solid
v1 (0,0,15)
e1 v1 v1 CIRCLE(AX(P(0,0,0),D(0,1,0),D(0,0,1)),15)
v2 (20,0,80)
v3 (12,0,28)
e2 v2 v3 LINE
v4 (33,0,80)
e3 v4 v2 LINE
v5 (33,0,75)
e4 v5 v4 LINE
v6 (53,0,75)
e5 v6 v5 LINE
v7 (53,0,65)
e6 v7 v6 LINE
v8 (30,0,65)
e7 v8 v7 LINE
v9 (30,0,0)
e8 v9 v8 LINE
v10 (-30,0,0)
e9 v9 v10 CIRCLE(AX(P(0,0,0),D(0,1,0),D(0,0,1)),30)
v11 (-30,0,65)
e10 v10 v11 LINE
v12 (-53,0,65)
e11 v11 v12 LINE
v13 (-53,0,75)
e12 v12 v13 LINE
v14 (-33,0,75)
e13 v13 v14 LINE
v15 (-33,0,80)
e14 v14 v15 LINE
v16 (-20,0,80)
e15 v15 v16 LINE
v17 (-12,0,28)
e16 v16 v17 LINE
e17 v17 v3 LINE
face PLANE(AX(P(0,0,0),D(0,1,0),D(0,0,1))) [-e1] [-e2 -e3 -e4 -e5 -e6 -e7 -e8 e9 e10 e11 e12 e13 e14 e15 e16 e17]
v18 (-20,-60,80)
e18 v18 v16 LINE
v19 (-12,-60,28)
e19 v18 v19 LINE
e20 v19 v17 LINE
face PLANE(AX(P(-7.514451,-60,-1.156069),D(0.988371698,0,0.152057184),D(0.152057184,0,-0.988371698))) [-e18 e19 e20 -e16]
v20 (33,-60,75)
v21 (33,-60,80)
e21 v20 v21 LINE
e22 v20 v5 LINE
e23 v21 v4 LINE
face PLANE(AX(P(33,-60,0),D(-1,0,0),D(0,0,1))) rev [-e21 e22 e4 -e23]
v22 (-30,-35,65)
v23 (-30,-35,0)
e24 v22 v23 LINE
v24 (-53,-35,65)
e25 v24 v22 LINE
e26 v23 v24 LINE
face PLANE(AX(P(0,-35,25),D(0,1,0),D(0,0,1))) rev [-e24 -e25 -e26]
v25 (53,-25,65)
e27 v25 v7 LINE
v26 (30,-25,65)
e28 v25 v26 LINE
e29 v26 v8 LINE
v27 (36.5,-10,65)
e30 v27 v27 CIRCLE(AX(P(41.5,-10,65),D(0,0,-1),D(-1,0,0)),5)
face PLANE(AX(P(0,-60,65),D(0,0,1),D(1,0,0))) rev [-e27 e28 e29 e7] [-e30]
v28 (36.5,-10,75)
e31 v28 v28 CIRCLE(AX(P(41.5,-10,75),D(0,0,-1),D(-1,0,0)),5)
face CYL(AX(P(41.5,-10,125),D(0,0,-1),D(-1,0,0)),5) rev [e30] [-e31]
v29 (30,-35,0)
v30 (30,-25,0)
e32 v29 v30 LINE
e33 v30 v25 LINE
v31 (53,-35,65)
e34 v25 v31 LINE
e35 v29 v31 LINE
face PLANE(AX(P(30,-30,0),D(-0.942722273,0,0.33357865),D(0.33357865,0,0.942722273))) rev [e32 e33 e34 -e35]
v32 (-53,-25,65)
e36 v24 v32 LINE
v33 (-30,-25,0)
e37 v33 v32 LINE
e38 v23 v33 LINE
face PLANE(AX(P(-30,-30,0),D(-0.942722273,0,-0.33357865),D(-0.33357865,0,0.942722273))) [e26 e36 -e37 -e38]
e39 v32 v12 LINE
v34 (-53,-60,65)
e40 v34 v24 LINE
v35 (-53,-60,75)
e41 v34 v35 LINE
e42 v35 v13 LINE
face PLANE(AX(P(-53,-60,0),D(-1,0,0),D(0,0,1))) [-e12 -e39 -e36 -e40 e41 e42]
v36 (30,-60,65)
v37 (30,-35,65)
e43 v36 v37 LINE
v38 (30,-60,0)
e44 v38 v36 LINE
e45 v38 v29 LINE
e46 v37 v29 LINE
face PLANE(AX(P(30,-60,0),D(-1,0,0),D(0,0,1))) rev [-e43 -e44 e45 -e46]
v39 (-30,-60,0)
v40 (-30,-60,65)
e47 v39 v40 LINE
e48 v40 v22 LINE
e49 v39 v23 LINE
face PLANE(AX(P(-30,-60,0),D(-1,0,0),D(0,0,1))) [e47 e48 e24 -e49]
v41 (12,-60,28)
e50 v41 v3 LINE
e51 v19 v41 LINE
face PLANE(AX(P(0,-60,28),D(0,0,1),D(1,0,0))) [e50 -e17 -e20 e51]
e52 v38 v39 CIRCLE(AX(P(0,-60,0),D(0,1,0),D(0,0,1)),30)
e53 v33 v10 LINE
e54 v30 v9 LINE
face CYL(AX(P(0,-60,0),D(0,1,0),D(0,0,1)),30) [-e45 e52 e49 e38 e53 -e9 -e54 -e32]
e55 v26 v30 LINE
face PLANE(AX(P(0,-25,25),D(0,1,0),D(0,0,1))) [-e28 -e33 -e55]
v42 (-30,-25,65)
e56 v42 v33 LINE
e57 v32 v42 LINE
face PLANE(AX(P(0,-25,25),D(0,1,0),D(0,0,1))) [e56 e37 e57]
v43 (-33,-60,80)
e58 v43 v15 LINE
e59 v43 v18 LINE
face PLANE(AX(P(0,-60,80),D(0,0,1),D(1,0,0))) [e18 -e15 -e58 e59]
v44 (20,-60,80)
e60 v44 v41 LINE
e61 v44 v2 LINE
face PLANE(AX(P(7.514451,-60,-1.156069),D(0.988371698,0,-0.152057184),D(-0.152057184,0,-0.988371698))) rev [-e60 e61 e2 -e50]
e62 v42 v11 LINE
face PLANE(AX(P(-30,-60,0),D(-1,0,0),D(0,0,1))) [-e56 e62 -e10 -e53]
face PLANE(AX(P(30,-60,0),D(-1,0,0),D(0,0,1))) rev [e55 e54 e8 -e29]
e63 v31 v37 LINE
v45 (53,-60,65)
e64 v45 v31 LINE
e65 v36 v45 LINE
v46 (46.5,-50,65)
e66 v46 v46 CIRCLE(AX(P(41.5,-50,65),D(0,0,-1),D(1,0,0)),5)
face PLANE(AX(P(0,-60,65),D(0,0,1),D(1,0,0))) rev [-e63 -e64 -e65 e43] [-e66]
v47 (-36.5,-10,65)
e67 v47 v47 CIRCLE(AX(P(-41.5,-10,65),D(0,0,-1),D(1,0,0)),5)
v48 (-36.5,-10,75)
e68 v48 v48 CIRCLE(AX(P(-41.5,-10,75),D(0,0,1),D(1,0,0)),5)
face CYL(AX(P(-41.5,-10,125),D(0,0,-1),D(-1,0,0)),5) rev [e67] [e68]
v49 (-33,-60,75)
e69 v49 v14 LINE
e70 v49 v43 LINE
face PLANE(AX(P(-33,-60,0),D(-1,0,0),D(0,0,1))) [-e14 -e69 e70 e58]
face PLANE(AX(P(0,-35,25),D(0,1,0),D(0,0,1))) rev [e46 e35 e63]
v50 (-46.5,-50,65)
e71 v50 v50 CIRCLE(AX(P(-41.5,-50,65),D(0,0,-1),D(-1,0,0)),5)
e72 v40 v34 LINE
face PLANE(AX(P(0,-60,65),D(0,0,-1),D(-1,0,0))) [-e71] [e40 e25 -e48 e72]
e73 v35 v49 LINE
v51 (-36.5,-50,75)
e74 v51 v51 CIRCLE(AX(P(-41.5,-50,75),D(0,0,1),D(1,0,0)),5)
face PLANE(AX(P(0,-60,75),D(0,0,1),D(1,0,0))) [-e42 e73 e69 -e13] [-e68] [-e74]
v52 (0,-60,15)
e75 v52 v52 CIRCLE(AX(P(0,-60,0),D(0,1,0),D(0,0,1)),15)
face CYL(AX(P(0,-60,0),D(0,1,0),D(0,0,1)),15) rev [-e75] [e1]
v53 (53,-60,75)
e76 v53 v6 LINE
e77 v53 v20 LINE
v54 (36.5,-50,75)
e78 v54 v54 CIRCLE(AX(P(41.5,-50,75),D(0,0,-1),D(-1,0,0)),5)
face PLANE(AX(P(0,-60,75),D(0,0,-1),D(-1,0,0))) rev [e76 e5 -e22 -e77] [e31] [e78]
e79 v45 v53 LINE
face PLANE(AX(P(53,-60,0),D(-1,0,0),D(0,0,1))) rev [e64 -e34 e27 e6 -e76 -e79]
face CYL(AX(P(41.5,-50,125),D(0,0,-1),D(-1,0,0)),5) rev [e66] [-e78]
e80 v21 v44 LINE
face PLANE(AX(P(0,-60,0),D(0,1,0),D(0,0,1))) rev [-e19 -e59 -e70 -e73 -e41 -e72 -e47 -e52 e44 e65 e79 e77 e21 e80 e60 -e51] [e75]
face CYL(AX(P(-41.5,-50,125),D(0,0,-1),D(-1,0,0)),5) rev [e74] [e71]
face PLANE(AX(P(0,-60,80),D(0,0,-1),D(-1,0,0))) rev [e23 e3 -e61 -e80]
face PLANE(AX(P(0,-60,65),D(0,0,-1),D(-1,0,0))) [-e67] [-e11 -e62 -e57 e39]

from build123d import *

# Parameters (mm, degrees)
SKETCH2_R           = 15
BOSS_EXTRUDE1_DEPTH = 60
SKETCH3_R           = 5
CUT_EXTRUDE1_DEPTH  = 60
RIB1_REACH          = 102.544
SKETCH7_WALL_W      = 272.036302532
SKETCH7_WALL_H      = 10


with BuildPart() as part:
    # Sketch2 → Boss-Extrude1 (new body)
    with BuildSketch(Plane(origin=(0, 0, 0), x_dir=(1, 0, 0), z_dir=(0, 1, 0))):
        with BuildLine():
            Line((30, 0), (30, -65))
            Line((30, -65), (53, -65))
            Line((53, -65), (53, -75))
            Line((53, -75), (33, -75))
            Line((33, -75), (33, -80))
            Line((33, -80), (20, -80))
            Line((20, -80), (12, -28))
            Line((12, -28), (-12, -28))
            Line((-12, -28), (-20, -80))
            Line((-20, -80), (-33, -80))
            Line((-33, -80), (-33, -75))
            Line((-33, -75), (-53, -75))
            Line((-53, -75), (-53, -65))
            Line((-53, -65), (-30, -65))
            Line((-30, -65), (-30, 0))
            ThreePointArc((-30, 0), (0, 30), (30, 0))
        make_face()
        with Locations(Location((0, 0, 0), (0, 0, 270))):
            Circle(SKETCH2_R, mode=Mode.SUBTRACT)
    extrude(amount=-BOSS_EXTRUDE1_DEPTH)

    # Sketch3 → Cut-Extrude1 (cut)
    with BuildSketch(Plane(origin=(0, 0, 65), x_dir=(-1, 0, 0), z_dir=(0, 0, -1))):
        with Locations((-41.5, -10)):
            Circle(SKETCH3_R)
        with Locations(Location((41.5, -10, 0), (0, 0, 180))):
            Circle(SKETCH3_R)
        with Locations((41.5, -50)):
            Circle(SKETCH3_R)
        with Locations((-41.5, -50)):
            Circle(SKETCH3_R)
    extrude(amount=-CUT_EXTRUDE1_DEPTH, mode=Mode.SUBTRACT)

    # Sketch7 wall → Rib1 (add, up to next)
    with BuildSketch(Plane(origin=(41.5, -30, 32.5), x_dir=(0.333578650439, 0, 0.942722272979), z_dir=(0.942722272979, 0, -0.333578650439)), mode=Mode.PRIVATE) as rib1_sk1:
        Rectangle(SKETCH7_WALL_W, SKETCH7_WALL_H)
    rib1_tool1 = extrude(rib1_sk1.sketch, amount=-RIB1_REACH, mode=Mode.PRIVATE) - part.part
    rib1 = rib1_tool1.solids().sort_by_distance((41.5, -30, 32.5))[0]
    add(rib1)

    # Mirror1: Rib1 across plane
    add(rib1.mirror(Plane(origin=(0, 0, 0), x_dir=(0, 0, 1), z_dir=(1, 0, 0))))


solid = part.part
